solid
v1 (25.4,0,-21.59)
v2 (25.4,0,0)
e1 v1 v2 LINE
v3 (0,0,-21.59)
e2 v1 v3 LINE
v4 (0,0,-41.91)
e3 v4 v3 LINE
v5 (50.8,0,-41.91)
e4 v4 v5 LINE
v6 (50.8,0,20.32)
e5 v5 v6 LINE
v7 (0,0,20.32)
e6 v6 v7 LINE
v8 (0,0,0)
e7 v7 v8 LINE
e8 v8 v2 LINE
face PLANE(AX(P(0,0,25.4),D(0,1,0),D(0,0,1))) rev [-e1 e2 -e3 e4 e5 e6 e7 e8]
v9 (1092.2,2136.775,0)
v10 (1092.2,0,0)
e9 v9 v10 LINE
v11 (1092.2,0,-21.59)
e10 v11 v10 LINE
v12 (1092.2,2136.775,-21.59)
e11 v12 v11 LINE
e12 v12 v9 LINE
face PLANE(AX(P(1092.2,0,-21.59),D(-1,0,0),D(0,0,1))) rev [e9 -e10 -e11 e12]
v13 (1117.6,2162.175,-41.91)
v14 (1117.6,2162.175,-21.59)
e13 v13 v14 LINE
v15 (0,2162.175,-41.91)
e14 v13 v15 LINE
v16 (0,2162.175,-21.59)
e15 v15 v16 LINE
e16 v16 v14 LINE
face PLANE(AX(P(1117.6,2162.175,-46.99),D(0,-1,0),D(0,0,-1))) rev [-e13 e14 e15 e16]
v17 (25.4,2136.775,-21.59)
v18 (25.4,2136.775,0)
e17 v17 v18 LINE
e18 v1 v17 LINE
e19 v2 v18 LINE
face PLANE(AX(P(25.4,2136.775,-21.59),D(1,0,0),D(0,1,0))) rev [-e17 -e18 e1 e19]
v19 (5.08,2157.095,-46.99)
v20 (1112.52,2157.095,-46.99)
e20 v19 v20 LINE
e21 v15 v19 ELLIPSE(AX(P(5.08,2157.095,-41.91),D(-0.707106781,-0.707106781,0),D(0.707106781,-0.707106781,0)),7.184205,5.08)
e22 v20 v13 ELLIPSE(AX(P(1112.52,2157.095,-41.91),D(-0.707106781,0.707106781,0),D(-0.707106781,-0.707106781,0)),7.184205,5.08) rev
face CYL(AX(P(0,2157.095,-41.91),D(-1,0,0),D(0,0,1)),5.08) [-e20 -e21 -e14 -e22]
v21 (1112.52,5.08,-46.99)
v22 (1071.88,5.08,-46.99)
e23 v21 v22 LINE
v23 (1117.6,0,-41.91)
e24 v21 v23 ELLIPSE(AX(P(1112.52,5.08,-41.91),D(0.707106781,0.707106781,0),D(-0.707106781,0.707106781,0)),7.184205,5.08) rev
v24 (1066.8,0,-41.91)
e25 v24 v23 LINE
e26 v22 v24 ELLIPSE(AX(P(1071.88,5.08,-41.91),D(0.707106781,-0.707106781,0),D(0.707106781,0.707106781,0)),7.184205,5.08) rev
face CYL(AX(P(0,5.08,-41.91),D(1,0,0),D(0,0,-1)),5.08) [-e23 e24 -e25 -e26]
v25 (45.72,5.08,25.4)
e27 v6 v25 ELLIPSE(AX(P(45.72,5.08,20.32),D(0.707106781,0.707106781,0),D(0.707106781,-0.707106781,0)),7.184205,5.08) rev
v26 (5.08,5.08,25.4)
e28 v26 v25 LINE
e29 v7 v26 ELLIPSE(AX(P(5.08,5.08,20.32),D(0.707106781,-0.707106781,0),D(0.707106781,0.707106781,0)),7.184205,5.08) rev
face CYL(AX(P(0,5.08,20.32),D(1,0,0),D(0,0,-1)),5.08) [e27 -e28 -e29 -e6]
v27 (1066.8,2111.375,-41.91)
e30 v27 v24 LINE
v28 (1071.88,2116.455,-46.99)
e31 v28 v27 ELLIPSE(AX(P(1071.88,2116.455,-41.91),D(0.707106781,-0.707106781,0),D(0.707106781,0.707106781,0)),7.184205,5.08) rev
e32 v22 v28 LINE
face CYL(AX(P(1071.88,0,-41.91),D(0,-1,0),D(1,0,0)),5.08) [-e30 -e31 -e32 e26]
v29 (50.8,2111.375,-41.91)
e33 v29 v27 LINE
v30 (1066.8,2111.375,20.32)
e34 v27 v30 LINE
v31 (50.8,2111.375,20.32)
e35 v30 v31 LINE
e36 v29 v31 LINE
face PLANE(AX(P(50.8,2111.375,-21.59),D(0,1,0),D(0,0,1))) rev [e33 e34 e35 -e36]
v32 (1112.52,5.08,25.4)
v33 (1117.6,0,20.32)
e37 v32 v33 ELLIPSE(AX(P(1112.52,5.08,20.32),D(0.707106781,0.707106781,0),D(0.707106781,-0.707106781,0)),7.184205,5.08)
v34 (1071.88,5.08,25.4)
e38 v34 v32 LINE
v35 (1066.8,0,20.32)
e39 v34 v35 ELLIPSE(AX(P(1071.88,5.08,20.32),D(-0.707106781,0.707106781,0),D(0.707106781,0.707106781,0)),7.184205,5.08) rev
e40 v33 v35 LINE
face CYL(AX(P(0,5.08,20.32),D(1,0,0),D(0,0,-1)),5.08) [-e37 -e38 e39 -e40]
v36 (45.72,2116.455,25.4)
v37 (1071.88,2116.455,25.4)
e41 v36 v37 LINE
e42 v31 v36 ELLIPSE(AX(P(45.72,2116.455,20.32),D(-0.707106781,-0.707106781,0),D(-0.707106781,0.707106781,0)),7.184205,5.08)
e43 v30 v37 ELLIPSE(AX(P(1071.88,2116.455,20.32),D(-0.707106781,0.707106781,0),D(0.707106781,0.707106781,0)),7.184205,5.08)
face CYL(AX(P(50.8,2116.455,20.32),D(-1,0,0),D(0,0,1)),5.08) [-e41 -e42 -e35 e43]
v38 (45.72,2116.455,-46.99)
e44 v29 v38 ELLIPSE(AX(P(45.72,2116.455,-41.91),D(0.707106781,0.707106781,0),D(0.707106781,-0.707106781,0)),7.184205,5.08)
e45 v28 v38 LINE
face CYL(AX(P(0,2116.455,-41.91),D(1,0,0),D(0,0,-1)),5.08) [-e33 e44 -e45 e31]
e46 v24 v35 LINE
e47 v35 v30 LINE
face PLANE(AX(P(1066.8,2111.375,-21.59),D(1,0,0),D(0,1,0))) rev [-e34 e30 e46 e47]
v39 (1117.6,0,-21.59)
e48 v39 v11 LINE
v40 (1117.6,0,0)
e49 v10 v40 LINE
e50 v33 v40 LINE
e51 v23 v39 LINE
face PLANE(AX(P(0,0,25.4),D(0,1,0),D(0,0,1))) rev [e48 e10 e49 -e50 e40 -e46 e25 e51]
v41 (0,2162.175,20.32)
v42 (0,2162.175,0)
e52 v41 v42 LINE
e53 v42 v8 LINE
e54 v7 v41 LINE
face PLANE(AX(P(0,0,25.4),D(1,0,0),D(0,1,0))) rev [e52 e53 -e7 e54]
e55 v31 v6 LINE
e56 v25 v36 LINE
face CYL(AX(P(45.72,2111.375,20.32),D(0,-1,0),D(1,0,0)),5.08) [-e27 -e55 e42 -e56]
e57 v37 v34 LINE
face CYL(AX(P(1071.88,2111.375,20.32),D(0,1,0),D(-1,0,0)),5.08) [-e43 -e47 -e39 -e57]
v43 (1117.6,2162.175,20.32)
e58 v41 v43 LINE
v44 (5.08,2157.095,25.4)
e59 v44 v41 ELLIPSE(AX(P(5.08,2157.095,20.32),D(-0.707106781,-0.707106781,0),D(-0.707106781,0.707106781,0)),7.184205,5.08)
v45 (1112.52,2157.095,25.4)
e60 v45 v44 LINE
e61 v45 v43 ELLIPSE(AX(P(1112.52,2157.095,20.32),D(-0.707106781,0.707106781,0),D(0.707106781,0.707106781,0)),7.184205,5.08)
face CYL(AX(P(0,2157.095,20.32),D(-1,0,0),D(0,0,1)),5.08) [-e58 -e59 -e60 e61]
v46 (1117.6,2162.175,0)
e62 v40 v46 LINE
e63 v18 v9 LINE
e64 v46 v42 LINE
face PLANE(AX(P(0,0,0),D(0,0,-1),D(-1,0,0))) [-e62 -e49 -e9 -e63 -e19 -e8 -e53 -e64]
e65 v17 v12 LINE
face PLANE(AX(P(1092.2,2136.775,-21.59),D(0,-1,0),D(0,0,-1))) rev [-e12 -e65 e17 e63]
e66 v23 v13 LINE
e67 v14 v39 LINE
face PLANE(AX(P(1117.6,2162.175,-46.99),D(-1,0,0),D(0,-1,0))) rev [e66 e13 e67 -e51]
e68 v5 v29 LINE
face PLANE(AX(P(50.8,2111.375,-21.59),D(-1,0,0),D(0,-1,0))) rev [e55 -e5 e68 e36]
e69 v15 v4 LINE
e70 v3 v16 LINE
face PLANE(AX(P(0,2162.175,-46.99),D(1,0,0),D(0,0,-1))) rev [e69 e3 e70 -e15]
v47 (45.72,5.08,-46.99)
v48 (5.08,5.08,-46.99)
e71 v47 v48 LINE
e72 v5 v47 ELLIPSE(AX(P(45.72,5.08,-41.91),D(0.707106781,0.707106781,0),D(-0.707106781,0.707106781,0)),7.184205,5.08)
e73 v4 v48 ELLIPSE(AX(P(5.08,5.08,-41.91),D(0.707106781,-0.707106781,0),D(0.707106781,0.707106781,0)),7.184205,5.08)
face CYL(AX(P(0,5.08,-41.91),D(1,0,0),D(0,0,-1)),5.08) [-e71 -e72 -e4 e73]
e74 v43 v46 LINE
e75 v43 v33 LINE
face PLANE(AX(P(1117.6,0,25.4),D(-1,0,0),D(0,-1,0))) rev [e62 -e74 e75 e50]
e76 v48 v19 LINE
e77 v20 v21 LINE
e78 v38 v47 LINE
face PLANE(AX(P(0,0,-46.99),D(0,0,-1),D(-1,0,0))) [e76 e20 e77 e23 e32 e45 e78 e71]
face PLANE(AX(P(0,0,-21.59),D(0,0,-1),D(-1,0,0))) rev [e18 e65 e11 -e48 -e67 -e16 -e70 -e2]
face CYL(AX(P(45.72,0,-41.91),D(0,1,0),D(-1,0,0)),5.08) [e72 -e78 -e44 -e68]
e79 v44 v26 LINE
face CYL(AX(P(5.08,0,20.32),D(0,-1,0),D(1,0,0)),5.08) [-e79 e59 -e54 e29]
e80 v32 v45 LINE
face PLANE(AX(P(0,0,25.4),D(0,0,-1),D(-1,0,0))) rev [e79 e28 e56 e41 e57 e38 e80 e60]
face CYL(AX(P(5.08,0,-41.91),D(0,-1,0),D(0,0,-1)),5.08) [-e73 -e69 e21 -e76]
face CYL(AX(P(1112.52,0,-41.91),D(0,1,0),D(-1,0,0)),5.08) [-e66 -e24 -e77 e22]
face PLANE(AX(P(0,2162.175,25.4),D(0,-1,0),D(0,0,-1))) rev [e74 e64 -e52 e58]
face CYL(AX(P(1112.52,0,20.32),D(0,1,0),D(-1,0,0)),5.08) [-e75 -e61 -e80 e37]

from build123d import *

# Parameters (mm, degrees)
SKETCH1_W           = 1117.6
SKETCH1_H           = 2162.175
BOSS_EXTRUDE1_DEPTH = 25.4
BOSS_EXTRUDE4_DEPTH = 21.59
SKETCH7_W           = 1117.6
SKETCH7_H           = 2162.175
BOSS_EXTRUDE5_DEPTH = 25.4
SKETCH8_W           = 1016
SKETCH8_H           = 2111.375
CUT_EXTRUDE2_DEPTH  = 2436.009405059
FILLET1_R           = 5.08


with BuildPart() as part:
    # Sketch1 → Boss-Extrude1 (new body)
    with BuildSketch(Plane.XY):
        with Locations((558.8, 1081.0875)):
            Rectangle(SKETCH1_W, SKETCH1_H)
    extrude(amount=BOSS_EXTRUDE1_DEPTH)

    # Sketch6 → Boss-Extrude4 (add)
    with BuildSketch(Plane(origin=(0, 0, 0), x_dir=(-1, 0, 0), z_dir=(0, 0, -1))):
        Polygon((-1066.8, 0), (-1092.2, 0), (-1092.2, 2136.775), (-25.4, 2136.775), (-25.4, 0), (-50.8, 0), (-50.8, 2111.375), (-1066.8, 2111.375), align=None)
    extrude(amount=BOSS_EXTRUDE4_DEPTH)

    # Sketch7 → Boss-Extrude5 (add)
    with BuildSketch(Plane(origin=(0, 0, -21.59), x_dir=(-1, 0, 0), z_dir=(0, 0, -1))):
        with Locations((-558.8, 1081.0875)):
            Rectangle(SKETCH7_W, SKETCH7_H)
    extrude(amount=BOSS_EXTRUDE5_DEPTH)

    # Sketch8 → Cut-Extrude2 (cut, through all)
    with BuildSketch(Plane.XY.offset(25.4)):
        with Locations((558.8, 1055.6875)):
            Rectangle(SKETCH8_W, SKETCH8_H)
    extrude(amount=-CUT_EXTRUDE2_DEPTH, mode=Mode.SUBTRACT)

    # Fillet1
    fillet1_edges = [part.edges().sort_by_distance(p)[0] for p in [
        (1117.6, 1081.0875, 25.4),
        (558.8, 2162.175, 25.4),
        (1117.6, 1081.0875, -46.99),
        (1092.2, 0, -46.99),
        (0, 1081.0875, -46.99),
        (558.8, 2162.175, -46.99),
        (0, 1081.0875, 25.4),
        (25.4, 0, -46.99),
        (1092.2, 0, 25.4),
        (50.8, 1055.6875, -46.99),
        (558.8, 2111.375, -46.99),
        (1066.8, 1055.6875, -46.99),
        (50.8, 1055.6875, 25.4),
        (1066.8, 1055.6875, 25.4),
        (558.8, 2111.375, 25.4),
        (25.4, 0, 25.4),
    ]]
    fillet(fillet1_edges, radius=FILLET1_R)


solid = part.part
